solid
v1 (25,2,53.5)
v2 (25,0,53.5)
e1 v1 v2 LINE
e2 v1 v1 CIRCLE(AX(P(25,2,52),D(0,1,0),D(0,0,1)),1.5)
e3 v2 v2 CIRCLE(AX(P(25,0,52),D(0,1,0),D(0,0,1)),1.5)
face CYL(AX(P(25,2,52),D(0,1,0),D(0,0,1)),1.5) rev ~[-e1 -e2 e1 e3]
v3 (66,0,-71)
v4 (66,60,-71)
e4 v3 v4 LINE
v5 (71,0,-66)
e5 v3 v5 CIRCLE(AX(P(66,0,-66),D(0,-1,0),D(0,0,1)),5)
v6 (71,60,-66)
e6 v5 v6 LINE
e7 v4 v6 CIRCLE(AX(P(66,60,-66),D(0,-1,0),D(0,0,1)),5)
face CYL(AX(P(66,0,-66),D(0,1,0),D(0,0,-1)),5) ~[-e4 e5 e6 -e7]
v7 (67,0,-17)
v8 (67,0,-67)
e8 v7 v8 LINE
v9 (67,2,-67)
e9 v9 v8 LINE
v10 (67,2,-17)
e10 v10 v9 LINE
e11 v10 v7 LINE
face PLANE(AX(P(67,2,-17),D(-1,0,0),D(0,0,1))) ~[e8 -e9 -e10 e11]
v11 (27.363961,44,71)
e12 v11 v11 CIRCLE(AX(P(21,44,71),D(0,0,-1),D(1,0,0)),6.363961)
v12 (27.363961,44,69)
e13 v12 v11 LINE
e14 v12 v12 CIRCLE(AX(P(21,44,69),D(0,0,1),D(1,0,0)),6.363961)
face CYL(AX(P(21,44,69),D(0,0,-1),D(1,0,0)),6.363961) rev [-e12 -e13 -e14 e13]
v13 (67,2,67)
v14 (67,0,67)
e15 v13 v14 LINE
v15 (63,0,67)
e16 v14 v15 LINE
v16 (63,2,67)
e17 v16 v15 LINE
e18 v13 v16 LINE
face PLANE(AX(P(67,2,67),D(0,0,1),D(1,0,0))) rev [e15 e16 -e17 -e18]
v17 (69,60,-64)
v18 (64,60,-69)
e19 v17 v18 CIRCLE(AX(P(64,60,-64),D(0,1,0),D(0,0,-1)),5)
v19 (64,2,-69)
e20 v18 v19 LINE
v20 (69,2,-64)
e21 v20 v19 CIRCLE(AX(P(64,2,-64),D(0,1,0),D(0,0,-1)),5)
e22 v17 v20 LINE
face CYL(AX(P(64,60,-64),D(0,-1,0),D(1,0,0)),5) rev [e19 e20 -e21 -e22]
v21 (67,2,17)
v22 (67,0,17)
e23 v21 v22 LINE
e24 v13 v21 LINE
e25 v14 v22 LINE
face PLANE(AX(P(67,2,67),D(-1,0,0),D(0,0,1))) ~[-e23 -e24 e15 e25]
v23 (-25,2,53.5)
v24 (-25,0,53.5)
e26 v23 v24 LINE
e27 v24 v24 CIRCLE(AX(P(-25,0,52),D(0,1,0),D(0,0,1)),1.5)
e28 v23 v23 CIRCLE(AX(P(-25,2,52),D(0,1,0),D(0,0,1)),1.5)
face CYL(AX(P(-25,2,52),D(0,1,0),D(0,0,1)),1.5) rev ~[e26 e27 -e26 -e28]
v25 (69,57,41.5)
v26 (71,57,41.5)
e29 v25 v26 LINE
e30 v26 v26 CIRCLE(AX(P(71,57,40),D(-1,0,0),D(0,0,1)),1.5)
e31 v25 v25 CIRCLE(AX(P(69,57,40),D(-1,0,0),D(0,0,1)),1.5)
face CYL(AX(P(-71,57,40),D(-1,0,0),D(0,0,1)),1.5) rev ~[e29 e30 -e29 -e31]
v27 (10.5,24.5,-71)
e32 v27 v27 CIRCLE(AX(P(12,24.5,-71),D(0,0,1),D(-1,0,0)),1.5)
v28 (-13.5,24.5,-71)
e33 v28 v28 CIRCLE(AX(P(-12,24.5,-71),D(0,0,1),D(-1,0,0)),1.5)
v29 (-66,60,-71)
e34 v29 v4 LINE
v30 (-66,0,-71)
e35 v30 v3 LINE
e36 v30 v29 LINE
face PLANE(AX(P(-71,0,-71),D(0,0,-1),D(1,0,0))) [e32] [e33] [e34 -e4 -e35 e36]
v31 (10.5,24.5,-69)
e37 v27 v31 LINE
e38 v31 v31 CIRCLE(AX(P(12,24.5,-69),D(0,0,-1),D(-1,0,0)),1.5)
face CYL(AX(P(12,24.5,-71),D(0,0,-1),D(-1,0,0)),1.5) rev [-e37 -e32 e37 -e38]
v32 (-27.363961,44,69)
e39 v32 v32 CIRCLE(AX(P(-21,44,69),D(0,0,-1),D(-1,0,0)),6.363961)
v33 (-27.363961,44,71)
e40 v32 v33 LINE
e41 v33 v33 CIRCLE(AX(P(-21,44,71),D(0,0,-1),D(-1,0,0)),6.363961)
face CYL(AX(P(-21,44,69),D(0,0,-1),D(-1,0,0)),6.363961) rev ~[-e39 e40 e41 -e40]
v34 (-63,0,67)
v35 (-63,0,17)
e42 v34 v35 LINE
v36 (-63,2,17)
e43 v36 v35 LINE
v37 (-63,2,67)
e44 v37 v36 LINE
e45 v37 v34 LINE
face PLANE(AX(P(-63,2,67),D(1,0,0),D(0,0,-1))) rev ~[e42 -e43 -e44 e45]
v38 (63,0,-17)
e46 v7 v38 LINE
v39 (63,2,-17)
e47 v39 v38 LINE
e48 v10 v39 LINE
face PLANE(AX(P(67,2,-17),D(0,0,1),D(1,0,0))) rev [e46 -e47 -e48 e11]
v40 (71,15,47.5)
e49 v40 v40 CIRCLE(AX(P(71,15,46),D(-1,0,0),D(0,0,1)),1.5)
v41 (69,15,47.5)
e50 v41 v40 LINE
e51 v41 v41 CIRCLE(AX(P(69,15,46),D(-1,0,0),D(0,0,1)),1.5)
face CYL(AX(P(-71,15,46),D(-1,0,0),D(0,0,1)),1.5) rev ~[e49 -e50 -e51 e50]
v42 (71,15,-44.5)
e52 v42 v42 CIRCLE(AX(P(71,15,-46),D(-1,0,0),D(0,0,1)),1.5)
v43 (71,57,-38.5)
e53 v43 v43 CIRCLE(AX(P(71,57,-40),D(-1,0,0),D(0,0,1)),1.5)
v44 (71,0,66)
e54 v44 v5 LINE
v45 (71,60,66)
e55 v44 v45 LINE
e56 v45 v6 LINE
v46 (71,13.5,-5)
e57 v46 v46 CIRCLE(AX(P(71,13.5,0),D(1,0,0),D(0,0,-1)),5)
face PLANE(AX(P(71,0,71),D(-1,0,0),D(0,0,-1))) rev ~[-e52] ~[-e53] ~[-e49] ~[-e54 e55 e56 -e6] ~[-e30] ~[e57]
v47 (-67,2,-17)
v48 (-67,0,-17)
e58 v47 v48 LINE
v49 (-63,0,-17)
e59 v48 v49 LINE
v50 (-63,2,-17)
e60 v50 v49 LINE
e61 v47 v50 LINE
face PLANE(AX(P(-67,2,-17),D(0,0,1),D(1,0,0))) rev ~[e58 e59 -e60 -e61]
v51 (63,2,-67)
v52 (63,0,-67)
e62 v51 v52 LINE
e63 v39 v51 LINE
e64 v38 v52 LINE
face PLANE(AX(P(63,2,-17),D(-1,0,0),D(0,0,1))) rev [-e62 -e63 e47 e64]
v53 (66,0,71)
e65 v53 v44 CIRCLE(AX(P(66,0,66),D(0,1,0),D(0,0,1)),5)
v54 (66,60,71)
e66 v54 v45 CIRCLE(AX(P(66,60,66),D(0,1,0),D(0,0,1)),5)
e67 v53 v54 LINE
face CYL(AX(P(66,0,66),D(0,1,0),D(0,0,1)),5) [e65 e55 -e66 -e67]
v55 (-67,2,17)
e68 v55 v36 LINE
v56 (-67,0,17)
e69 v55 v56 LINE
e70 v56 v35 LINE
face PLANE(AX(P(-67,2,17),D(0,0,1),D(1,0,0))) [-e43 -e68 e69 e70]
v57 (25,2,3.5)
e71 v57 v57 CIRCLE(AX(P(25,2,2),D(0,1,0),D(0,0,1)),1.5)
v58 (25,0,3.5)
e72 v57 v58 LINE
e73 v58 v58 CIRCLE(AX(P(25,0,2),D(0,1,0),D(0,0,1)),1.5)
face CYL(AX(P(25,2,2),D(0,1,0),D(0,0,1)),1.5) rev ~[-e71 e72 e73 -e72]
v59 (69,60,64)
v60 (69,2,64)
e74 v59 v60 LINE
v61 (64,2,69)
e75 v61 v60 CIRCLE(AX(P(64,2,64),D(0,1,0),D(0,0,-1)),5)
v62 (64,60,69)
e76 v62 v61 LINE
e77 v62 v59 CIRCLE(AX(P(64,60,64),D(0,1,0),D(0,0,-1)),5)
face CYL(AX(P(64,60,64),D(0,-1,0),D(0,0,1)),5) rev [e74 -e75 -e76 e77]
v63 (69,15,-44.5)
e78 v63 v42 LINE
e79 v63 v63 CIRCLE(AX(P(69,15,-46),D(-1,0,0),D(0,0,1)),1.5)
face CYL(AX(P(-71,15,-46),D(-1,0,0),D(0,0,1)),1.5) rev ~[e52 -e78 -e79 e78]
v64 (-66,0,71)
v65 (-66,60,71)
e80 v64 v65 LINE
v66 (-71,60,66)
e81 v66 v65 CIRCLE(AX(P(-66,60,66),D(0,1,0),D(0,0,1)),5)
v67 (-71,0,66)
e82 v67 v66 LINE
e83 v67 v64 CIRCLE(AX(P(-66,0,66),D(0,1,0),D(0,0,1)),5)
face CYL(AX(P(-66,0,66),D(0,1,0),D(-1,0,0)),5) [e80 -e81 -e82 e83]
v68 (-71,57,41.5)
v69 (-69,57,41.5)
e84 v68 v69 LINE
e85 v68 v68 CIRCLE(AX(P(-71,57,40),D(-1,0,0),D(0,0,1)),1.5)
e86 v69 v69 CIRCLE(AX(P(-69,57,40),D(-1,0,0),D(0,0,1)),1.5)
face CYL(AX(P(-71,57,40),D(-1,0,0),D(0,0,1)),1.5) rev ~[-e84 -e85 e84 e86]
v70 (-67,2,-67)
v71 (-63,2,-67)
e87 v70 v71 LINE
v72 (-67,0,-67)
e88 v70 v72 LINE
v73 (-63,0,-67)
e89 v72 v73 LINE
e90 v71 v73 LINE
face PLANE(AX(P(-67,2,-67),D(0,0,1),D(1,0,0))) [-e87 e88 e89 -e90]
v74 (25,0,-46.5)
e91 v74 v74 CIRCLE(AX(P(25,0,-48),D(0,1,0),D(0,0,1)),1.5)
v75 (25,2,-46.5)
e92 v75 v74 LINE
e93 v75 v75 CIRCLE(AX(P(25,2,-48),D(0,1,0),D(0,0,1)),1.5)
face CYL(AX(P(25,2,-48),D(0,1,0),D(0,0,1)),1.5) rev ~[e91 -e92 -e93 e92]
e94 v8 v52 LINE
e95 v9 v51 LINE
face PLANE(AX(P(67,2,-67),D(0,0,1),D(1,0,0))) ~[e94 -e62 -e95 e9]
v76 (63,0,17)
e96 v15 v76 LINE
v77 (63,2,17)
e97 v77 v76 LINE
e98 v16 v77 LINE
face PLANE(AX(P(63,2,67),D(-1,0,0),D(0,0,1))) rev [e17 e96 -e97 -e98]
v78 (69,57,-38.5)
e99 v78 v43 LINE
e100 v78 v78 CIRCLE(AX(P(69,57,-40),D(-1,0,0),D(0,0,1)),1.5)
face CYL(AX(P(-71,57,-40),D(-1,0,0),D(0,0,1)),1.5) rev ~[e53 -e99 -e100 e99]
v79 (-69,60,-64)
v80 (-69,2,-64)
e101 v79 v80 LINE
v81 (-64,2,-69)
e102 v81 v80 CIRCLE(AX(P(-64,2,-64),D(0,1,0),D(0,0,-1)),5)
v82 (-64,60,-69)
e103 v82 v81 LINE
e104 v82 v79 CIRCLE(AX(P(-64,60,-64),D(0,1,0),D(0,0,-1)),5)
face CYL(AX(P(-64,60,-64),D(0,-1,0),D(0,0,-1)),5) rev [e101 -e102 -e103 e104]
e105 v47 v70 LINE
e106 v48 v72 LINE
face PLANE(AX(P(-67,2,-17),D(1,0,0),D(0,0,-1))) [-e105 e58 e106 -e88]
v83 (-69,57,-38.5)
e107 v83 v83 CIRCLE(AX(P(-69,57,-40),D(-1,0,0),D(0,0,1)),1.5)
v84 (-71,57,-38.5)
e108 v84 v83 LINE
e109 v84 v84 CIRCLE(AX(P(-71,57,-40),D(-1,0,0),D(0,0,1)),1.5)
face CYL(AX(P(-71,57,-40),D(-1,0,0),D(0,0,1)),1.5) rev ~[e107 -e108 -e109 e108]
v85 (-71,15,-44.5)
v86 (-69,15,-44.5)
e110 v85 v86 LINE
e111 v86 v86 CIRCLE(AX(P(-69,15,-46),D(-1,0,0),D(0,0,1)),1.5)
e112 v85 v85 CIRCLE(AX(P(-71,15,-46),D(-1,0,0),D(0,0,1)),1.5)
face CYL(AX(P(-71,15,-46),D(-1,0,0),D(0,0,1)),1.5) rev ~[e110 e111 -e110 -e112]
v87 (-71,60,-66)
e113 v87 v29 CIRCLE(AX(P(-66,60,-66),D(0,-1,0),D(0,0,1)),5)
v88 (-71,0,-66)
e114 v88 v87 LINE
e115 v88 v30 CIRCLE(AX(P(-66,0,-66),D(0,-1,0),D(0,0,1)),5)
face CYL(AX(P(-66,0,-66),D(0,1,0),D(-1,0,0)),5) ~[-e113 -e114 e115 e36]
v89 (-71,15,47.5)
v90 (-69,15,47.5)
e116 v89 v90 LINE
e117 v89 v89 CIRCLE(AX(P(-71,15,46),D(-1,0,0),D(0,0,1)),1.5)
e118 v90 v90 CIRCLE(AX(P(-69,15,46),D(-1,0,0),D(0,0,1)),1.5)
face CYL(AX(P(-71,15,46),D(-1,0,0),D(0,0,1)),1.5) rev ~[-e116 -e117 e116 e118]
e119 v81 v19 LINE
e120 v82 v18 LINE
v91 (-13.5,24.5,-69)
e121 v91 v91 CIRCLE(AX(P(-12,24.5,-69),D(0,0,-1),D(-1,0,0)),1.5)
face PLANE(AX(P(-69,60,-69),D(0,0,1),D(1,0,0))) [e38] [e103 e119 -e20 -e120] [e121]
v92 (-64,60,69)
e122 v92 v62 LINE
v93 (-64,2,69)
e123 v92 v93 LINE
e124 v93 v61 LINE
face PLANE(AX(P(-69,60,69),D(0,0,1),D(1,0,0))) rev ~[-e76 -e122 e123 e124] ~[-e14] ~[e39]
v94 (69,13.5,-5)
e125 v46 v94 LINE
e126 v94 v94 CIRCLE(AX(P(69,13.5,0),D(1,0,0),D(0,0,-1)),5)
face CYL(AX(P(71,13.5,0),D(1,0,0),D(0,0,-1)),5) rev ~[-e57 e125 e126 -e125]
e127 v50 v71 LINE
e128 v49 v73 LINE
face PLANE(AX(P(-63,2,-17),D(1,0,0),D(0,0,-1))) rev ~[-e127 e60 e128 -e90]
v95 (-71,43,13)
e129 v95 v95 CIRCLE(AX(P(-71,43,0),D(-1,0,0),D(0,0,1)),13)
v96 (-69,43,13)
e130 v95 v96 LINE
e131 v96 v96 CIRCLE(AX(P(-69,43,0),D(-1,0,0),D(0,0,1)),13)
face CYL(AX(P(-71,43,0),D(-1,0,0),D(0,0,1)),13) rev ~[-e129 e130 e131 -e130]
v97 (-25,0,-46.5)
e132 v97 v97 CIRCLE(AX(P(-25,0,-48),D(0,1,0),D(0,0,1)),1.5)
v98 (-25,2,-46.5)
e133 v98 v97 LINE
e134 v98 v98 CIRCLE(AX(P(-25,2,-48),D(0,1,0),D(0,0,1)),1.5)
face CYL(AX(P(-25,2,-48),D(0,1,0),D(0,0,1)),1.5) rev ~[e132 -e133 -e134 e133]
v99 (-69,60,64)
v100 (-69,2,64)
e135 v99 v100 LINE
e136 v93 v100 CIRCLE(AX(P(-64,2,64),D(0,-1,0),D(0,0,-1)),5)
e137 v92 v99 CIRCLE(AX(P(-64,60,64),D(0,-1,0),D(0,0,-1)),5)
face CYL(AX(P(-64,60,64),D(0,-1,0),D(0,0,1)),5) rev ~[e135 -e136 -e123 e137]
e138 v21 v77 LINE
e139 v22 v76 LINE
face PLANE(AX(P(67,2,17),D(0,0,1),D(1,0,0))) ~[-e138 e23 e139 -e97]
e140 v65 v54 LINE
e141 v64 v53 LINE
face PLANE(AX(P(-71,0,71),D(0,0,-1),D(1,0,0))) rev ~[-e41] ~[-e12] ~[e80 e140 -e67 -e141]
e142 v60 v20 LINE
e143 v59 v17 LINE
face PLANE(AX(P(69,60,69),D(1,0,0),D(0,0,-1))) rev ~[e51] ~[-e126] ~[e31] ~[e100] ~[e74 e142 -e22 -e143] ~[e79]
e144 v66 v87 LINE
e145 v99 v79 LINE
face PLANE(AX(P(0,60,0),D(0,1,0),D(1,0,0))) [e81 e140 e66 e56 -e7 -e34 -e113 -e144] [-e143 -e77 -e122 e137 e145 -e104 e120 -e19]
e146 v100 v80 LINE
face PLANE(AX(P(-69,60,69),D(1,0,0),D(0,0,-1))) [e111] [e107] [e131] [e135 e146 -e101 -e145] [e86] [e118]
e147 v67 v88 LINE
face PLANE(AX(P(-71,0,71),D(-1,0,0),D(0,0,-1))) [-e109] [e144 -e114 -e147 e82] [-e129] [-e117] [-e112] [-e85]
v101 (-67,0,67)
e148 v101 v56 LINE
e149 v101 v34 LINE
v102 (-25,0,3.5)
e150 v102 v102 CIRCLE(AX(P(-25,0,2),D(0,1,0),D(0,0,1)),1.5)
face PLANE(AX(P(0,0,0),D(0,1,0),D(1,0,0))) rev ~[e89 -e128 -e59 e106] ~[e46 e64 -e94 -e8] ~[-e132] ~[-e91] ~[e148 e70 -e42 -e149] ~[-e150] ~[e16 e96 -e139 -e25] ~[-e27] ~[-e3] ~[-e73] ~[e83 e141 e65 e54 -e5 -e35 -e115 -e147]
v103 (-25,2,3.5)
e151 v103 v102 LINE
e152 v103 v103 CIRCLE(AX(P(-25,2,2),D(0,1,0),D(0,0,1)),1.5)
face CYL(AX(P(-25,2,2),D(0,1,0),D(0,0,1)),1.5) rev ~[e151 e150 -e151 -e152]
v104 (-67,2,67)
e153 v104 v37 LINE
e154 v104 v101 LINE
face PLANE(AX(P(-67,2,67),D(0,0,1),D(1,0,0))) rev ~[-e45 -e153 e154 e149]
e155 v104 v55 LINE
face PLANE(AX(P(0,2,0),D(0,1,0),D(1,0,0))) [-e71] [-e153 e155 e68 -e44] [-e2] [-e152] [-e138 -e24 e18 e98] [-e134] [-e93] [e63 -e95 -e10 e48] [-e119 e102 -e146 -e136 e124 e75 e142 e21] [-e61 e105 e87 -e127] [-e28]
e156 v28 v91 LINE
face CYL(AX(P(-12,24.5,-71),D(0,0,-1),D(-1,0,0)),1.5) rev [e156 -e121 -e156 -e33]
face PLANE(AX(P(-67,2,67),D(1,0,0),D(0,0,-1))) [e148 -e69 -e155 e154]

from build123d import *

# Parameters (mm, degrees)
SKETCH1_W           = 142
SKETCH1_H           = 142
BOSS_EXTRUDE1_DEPTH = 60
SKETCH3_W           = 138
SKETCH3_H           = 138
CUT_EXTRUDE1_DEPTH  = 58
SKETCH12_W          = 4
SKETCH12_H          = 50
CUT_EXTRUDE8_DEPTH  = 116.956888541
SKETCH13_R          = 1.5
CUT_EXTRUDE9_DEPTH  = 116.956888541
CUT_EXTRUDE6_REACH  = 171.72
SKETCH9_R           = 5
SKETCH14_R          = 6.363961031
CUT_EXTRUDE10_DEPTH = 169.050587622
CUT_EXTRUDE11_REACH = 171.72
SKETCH16_R          = 13
SKETCH18_R          = 1.5
CUT_EXTRUDE12_DEPTH = 170.720358237
FILLET1_R           = 5
SKETCH19_R          = 1.5
CUT_EXTRUDE13_DEPTH = 170.720358237
SKETCH21_R          = 1.5
CUT_EXTRUDE14_DEPTH = 15


with BuildPart() as part:
    # Sketch1 → Boss-Extrude1 (new body)
    with BuildSketch(Plane(origin=(0, 0, 0), x_dir=(1, 0, 0), z_dir=(0, 1, 0))):
        Rectangle(SKETCH1_W, SKETCH1_H)
    extrude(amount=BOSS_EXTRUDE1_DEPTH)

    # Sketch3 → Cut-Extrude1 (cut)
    with BuildSketch(Plane(origin=(0, 60, 0), x_dir=(1, 0, 0), z_dir=(0, 1, 0))):
        Rectangle(SKETCH3_W, SKETCH3_H)
    extrude(amount=-CUT_EXTRUDE1_DEPTH, mode=Mode.SUBTRACT)

    # Sketch12 → Cut-Extrude8 (cut, through all)
    with BuildSketch(Plane(origin=(0, 2, 0), x_dir=(1, 0, 0), z_dir=(0, 1, 0))):
        with Locations((-65, -42)):
            Rectangle(SKETCH12_W, SKETCH12_H)
        with Locations((-65, 42)):
            Rectangle(SKETCH12_W, SKETCH12_H)
    cut_extrude8 = extrude(amount=-CUT_EXTRUDE8_DEPTH, mode=Mode.SUBTRACT)

    # Mirror2: Cut-Extrude8 across plane
    add(cut_extrude8.mirror(Plane(origin=(0, 0, 0), x_dir=(0, 0, 1), z_dir=(1, 0, 0))), mode=Mode.SUBTRACT)

    # Sketch13 → Cut-Extrude9 (cut, through all)
    with BuildSketch(Plane(origin=(0, 2, 0), x_dir=(1, 0, 0), z_dir=(0, 1, 0))):
        with Locations(Location((-25, -2, 0), (0, 0, 270))):
            Circle(SKETCH13_R)
        with Locations(Location((25, -2, 0), (0, 0, 270))):
            Circle(SKETCH13_R)
        with Locations(Location((25, -52, 0), (0, 0, 270))):
            Circle(SKETCH13_R)
        with Locations(Location((-25, -52, 0), (0, 0, 270))):
            Circle(SKETCH13_R)
        with Locations(Location((-25, 48, 0), (0, 0, 270))):
            Circle(SKETCH13_R)
        with Locations(Location((25, 48, 0), (0, 0, 270))):
            Circle(SKETCH13_R)
    extrude(amount=-CUT_EXTRUDE9_DEPTH, mode=Mode.SUBTRACT)

    # Sketch9 → Cut-Extrude6 (cut, up to next)
    with BuildSketch(Plane(origin=(71, 0, 0), x_dir=(0, 0, -1), z_dir=(1, 0, 0)), mode=Mode.PRIVATE) as cut_extrude6_sk1:
        with Locations((0, 13.5)):
            Circle(SKETCH9_R)
    cut_extrude6_tool1 = extrude(cut_extrude6_sk1.sketch, amount=-CUT_EXTRUDE6_REACH, mode=Mode.PRIVATE) & part.part
    add(cut_extrude6_tool1.solids().sort_by_distance((71, 13.5, 0))[0], mode=Mode.SUBTRACT)

    # Sketch14 → Cut-Extrude10 (cut, through all)
    with BuildSketch(Plane(origin=(0, 0, 69), x_dir=(-1, 0, 0), z_dir=(0, 0, -1))):
        with Locations((21, 44)):
            Circle(SKETCH14_R)
    cut_extrude10 = extrude(amount=-CUT_EXTRUDE10_DEPTH, mode=Mode.SUBTRACT)

    # Mirror3: Cut-Extrude10 across plane
    add(cut_extrude10.mirror(Plane(origin=(0, 0, 0), x_dir=(0, 0, 1), z_dir=(1, 0, 0))), mode=Mode.SUBTRACT)

    # Sketch16 → Cut-Extrude11 (cut, up to next)
    with BuildSketch(Plane.ZY.offset(71), mode=Mode.PRIVATE) as cut_extrude11_sk1:
        with Locations((0, 43)):
            Circle(SKETCH16_R)
    cut_extrude11_tool1 = extrude(cut_extrude11_sk1.sketch, amount=-CUT_EXTRUDE11_REACH, mode=Mode.PRIVATE) & part.part
    add(cut_extrude11_tool1.solids().sort_by_distance((-71, 43, 0))[0], mode=Mode.SUBTRACT)

    # Sketch18 → Cut-Extrude12 (cut, through all)
    with BuildSketch(Plane.ZY.offset(71)):
        with Locations((-46, 15)):
            Circle(SKETCH18_R)
        with Locations((46, 15)):
            Circle(SKETCH18_R)
    extrude(amount=-CUT_EXTRUDE12_DEPTH, mode=Mode.SUBTRACT)

    # Fillet1
    fillet1_edges = [part.edges().sort_by_distance(p)[0] for p in [
        (-69, 31, 69),
        (-69, 31, -69),
        (69, 31, -69),
        (69, 31, 69),
        (71, 30, 71),
        (-71, 30, 71),
        (-71, 30, -71),
        (71, 30, -71),
    ]]
    fillet(fillet1_edges, radius=FILLET1_R)

    # Sketch19 → Cut-Extrude13 (cut, through all)
    with BuildSketch(Plane.ZY.offset(71)):
        with Locations((-40, 57)):
            Circle(SKETCH19_R)
        with Locations((40, 57)):
            Circle(SKETCH19_R)
    extrude(amount=-CUT_EXTRUDE13_DEPTH, mode=Mode.SUBTRACT)

    # Sketch21 → Cut-Extrude14 (cut)
    with BuildSketch(Plane.XY.offset(-71)):
        with Locations(Location((-12, 24.5, 0), (0, 0, 180))):
            Circle(SKETCH21_R)
        with Locations(Location((12, 24.5, 0), (0, 0, 180))):
            Circle(SKETCH21_R)
    extrude(amount=CUT_EXTRUDE14_DEPTH, mode=Mode.SUBTRACT)


solid = part.part
